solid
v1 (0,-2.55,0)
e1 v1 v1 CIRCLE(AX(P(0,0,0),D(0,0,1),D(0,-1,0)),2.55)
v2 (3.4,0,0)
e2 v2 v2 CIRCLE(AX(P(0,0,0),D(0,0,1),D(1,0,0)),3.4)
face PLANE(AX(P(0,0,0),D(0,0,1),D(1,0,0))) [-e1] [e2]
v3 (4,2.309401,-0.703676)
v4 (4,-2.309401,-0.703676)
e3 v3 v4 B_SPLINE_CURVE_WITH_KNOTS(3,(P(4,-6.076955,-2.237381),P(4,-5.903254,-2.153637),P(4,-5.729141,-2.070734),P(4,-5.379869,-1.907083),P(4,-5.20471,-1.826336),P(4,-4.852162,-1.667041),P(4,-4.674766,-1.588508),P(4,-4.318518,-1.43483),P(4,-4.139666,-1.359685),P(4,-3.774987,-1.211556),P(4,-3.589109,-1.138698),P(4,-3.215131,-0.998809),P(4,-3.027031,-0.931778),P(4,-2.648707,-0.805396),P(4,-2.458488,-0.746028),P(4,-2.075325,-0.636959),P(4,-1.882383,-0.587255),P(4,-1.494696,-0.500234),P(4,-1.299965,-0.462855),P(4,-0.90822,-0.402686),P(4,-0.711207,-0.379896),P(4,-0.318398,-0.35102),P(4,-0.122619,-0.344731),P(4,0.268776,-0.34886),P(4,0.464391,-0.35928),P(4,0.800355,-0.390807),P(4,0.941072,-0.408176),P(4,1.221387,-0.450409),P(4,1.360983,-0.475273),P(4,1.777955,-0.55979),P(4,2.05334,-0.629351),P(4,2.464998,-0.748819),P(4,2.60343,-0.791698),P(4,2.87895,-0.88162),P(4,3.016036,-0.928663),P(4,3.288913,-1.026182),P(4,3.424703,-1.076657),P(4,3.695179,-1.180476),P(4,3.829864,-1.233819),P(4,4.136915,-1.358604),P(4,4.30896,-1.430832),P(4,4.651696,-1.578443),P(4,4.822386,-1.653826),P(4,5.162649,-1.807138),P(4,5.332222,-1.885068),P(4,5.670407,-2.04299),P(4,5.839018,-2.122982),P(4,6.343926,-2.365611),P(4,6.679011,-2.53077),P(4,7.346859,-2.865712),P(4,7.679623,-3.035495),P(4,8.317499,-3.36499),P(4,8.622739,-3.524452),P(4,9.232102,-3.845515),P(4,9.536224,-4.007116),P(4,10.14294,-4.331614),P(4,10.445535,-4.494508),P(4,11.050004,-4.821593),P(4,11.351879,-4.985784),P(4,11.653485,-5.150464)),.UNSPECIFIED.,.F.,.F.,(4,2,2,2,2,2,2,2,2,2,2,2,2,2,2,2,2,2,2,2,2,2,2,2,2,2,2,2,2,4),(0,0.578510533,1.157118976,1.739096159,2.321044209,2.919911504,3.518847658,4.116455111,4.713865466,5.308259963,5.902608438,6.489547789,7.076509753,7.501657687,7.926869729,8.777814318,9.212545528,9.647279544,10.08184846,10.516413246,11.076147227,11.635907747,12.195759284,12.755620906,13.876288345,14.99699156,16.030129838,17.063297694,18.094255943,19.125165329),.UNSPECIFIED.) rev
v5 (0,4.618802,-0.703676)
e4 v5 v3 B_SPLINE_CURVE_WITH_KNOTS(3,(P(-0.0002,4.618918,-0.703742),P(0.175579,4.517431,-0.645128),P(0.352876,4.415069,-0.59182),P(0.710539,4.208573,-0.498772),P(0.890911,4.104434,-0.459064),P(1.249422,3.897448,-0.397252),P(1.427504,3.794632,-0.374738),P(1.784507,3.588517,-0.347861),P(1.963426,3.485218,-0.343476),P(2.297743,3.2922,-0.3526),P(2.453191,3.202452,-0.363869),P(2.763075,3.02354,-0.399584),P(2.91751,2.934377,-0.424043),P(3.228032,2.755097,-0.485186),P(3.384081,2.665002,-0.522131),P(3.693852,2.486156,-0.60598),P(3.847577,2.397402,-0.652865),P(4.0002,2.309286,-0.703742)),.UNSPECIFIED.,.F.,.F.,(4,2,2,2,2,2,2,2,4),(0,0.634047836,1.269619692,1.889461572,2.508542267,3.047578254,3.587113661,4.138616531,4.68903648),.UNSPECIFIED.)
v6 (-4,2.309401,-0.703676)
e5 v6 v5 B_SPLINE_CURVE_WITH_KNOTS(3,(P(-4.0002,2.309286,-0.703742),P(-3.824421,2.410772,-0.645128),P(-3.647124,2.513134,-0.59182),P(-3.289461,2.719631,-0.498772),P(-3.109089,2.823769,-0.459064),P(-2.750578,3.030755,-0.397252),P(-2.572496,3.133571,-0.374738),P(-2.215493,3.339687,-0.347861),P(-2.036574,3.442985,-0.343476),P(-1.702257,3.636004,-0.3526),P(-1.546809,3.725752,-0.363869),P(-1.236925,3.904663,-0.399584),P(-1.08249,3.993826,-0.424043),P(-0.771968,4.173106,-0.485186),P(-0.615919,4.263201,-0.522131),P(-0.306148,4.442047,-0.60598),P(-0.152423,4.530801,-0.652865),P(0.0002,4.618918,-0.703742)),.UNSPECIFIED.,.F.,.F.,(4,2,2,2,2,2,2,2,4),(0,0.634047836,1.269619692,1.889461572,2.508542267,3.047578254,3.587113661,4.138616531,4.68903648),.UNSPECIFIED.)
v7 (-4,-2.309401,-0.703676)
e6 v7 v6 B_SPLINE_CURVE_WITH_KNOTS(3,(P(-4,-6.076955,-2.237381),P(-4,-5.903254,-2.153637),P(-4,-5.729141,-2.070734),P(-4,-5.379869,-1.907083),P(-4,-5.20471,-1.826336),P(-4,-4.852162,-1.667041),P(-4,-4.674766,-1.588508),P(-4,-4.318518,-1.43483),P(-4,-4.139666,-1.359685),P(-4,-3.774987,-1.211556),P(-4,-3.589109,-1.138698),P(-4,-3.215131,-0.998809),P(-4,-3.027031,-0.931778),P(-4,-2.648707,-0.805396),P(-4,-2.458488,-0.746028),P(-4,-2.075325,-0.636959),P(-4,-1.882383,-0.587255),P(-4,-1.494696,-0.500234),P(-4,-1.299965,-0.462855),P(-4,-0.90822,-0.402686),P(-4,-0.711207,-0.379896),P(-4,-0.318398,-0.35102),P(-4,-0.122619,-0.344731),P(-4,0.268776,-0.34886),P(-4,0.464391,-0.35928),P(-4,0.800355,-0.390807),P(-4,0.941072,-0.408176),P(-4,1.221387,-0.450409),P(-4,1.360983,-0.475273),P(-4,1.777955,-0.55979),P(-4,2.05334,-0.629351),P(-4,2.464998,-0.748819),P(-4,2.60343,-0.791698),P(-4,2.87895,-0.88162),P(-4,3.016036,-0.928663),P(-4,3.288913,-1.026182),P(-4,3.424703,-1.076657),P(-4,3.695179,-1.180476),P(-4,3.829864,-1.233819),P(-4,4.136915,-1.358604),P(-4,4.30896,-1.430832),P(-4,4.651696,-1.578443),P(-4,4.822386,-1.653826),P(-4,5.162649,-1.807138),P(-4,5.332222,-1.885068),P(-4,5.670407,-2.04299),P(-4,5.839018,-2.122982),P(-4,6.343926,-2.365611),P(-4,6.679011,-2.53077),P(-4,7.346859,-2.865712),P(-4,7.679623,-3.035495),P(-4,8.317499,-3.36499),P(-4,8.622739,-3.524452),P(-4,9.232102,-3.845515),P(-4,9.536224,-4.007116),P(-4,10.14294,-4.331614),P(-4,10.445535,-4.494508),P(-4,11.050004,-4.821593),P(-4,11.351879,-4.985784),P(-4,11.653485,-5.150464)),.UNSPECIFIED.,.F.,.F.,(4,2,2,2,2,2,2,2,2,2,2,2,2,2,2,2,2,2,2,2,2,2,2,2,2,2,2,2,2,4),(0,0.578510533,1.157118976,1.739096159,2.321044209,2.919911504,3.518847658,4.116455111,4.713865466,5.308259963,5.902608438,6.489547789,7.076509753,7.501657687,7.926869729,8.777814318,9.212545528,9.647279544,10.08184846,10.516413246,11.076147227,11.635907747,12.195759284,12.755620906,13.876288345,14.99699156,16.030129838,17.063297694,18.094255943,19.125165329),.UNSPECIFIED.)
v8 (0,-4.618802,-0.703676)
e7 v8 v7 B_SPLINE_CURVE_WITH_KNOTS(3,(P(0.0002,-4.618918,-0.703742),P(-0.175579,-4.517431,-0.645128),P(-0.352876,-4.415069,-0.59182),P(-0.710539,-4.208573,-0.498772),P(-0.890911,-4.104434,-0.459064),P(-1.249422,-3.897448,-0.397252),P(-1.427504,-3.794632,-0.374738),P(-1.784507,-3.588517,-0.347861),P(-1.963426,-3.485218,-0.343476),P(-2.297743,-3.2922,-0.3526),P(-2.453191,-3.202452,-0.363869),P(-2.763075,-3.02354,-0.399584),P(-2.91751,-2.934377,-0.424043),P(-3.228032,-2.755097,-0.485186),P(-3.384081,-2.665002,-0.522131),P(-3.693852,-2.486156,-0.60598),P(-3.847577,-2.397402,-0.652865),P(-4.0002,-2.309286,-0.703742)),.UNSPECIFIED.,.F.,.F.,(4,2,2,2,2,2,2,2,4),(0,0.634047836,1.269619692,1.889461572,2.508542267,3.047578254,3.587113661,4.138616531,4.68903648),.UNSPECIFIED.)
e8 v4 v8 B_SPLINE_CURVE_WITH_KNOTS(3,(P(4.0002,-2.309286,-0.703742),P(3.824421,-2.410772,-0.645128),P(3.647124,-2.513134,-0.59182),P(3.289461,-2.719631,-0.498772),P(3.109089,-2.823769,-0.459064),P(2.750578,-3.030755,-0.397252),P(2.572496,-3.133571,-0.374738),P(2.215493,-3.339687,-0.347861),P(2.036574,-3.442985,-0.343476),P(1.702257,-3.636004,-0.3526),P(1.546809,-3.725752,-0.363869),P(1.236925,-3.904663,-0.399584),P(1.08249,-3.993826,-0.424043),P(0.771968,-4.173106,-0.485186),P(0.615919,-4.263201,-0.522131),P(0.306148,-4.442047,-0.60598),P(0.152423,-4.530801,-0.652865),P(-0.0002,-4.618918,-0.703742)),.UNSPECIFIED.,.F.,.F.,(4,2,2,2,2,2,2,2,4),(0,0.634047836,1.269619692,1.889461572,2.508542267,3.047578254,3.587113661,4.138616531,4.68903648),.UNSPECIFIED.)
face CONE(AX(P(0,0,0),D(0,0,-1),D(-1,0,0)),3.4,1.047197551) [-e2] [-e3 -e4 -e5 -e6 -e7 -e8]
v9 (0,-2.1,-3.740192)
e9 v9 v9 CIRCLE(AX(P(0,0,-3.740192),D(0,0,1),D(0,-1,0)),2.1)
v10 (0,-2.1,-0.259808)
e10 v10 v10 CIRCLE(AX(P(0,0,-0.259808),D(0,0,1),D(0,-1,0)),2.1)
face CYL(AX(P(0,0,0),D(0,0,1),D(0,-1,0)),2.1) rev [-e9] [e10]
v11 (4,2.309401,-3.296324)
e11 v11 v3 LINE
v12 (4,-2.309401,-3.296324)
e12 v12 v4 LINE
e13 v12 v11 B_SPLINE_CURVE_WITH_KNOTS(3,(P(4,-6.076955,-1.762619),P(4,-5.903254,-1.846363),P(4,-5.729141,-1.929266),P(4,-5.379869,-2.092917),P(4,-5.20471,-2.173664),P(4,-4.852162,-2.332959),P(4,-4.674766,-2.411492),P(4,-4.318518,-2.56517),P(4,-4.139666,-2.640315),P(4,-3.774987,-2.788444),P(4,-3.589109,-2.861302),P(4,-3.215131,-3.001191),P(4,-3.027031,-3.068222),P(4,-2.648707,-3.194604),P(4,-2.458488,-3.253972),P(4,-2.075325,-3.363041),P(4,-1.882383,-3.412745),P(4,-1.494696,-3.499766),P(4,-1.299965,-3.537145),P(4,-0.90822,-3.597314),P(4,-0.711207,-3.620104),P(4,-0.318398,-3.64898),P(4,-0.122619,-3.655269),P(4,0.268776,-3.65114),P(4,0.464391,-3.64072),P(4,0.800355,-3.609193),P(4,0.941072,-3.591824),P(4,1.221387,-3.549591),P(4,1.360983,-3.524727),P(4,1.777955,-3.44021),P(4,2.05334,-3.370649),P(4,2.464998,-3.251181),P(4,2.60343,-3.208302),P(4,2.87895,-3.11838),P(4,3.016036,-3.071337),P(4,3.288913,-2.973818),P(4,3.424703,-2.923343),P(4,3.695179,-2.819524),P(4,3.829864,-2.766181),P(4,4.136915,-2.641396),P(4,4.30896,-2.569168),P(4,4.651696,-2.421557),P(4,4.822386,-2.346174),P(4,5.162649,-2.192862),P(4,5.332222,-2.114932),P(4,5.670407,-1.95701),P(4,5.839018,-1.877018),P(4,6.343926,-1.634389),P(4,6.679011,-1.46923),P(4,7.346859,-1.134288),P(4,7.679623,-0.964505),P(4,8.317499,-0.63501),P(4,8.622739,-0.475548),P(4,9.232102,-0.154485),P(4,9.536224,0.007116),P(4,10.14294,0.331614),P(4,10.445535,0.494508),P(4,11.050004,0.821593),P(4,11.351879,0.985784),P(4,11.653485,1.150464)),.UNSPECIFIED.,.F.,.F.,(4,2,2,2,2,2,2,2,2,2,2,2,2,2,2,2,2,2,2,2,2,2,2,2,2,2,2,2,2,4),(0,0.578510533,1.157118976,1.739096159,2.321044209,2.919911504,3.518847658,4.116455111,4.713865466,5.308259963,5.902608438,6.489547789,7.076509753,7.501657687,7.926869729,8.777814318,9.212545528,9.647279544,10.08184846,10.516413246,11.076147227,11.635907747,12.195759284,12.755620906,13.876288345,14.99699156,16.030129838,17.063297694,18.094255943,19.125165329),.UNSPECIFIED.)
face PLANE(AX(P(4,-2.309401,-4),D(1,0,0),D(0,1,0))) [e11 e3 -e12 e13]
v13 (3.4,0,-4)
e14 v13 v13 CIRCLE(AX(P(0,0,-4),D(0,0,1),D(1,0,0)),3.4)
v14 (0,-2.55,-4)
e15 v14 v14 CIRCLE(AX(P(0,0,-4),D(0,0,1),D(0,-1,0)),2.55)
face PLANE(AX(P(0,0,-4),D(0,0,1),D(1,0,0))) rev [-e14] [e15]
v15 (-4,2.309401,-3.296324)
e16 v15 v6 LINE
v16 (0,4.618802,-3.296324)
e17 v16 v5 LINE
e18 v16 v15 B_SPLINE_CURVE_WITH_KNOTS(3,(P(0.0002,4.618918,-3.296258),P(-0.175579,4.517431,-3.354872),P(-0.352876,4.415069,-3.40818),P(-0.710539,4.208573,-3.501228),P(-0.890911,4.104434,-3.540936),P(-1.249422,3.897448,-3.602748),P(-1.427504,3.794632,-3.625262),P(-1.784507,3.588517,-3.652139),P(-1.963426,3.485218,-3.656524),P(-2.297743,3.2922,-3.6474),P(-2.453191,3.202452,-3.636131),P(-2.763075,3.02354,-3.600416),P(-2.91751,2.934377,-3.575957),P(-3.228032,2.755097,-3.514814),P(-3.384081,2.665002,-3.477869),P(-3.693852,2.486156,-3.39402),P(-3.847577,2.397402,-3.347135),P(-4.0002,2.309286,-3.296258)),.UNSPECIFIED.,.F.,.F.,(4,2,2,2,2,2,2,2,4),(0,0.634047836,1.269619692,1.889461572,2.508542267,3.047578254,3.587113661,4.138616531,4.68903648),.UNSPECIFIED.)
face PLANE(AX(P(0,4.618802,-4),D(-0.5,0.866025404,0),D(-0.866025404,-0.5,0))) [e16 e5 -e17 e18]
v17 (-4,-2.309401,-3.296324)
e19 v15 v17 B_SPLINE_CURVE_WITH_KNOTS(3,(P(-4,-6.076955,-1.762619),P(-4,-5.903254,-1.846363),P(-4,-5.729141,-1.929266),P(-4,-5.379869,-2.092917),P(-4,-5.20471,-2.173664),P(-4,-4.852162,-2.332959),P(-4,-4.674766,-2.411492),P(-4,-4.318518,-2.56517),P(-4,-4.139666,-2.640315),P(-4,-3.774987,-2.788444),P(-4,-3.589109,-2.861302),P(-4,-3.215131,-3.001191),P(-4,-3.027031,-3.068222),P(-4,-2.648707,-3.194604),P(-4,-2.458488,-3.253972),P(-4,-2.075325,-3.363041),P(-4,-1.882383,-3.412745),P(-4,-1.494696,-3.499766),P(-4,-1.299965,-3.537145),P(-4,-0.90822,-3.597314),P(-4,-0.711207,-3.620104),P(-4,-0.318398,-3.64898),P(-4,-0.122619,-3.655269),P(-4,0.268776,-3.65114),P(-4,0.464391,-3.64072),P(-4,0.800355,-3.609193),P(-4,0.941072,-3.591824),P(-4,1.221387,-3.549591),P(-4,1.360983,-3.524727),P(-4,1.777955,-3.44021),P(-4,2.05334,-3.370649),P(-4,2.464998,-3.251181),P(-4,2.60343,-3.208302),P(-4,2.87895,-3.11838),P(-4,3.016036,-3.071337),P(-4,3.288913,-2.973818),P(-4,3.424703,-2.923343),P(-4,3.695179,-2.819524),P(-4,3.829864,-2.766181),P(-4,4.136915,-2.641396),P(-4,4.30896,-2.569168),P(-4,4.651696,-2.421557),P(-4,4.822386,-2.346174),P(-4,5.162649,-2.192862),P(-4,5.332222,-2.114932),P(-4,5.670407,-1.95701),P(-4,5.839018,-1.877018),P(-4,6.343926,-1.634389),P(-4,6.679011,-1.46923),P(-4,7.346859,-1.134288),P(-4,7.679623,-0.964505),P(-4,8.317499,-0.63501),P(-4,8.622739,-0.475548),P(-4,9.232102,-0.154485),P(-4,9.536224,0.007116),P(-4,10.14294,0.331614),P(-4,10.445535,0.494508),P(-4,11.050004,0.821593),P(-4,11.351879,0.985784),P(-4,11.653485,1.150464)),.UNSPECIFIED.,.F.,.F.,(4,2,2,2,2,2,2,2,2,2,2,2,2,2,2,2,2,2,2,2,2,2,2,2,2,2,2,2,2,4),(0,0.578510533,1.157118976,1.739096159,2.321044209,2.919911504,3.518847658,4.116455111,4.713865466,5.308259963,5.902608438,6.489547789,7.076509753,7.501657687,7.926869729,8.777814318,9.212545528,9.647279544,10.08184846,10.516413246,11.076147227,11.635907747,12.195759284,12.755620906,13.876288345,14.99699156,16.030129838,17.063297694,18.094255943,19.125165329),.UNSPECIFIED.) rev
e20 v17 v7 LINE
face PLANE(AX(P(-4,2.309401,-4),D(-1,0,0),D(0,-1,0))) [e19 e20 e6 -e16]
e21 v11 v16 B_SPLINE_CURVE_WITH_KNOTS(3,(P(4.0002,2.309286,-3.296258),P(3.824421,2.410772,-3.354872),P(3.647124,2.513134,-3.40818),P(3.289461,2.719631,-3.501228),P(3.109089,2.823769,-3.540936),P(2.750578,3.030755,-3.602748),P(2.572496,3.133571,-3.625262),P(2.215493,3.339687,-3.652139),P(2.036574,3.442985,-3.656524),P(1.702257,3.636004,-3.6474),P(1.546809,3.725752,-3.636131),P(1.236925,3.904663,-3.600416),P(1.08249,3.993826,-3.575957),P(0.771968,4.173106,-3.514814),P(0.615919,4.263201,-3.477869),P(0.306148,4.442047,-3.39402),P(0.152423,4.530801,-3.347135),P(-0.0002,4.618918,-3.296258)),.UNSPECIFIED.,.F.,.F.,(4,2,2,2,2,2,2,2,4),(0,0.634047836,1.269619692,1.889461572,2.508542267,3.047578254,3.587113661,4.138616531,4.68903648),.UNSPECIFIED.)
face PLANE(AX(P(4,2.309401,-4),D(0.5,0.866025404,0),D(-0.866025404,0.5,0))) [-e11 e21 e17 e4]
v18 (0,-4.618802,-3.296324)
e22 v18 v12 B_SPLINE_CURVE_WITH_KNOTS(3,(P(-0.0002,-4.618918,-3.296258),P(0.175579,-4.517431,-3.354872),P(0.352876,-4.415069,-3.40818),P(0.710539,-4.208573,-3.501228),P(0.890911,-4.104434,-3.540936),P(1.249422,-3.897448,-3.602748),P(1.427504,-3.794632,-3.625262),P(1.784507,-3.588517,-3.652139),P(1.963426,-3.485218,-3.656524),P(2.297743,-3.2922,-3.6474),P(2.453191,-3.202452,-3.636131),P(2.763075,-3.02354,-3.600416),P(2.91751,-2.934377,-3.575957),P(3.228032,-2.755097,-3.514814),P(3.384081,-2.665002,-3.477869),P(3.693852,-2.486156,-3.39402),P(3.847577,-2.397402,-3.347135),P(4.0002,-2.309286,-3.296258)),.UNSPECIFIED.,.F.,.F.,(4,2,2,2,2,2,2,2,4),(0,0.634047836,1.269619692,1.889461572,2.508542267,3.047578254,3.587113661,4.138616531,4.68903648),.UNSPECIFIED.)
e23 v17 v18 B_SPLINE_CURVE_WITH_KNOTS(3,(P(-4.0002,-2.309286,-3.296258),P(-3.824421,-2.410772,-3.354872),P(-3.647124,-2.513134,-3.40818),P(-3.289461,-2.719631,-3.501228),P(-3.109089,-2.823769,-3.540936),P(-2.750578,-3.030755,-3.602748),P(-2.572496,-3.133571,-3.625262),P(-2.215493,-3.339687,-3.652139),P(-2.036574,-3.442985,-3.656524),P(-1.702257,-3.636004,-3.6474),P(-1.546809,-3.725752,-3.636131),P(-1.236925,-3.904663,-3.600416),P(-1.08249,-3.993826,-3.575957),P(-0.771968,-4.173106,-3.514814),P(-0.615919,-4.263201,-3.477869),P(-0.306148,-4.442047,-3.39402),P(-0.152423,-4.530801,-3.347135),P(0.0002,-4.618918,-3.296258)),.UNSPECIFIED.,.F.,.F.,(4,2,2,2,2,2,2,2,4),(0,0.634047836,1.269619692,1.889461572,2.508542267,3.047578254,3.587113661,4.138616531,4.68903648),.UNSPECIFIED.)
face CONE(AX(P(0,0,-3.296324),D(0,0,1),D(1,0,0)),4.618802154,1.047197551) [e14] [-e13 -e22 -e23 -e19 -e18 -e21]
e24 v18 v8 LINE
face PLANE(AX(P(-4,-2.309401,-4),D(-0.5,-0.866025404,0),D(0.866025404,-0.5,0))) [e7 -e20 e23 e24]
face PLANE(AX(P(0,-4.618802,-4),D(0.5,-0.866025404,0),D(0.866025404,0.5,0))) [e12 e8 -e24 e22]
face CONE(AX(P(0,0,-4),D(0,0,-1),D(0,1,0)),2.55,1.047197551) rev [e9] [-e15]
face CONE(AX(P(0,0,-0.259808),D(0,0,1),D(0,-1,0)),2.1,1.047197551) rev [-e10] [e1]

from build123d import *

# Parameters (mm, degrees)
BOSS_EXTRUDE1_DEPTH = 4


with BuildPart() as part:
    # Sketch1 → Boss-Extrude1 (new body)
    with BuildSketch(Plane.XY):
        Polygon((0, 4.618802154), (-4, 2.309401077), (-4, -2.309401077), (0, -4.618802154), (4, -2.309401077), (4, 2.309401077), align=None)
    extrude(amount=-BOSS_EXTRUDE1_DEPTH)

    # Sketch4 → Cut-Revolve1 (revolve, cut)
    with BuildSketch(Plane(origin=(0, 0, 0), x_dir=(0, 0, -1), z_dir=(1, 0, 0)), mode=Mode.PRIVATE) as cut_revolve1_sk:
        Polygon((4, 4.618802154), (3.296324249, 4.618802154), (4, 3.4), align=None)
        Polygon((0, 4.618802154), (0.703675751, 4.618802154), (0, 3.4), align=None)
    revolve(cut_revolve1_sk.sketch.rotate(Axis((0, 0, 0), (0, 0, -1)), 299.999999945), axis=Axis((0, 0, 0), (0, 0, -1)), mode=Mode.SUBTRACT)

    # Sketch5 → Cut-Revolve2 (revolve, cut)
    with BuildSketch(Plane(origin=(0, 0, 0), x_dir=(0, 0, -1), z_dir=(1, 0, 0)), mode=Mode.PRIVATE) as cut_revolve2_sk:
        Polygon((0, 0), (0, 2.55), (0.259807621, 2.1), (3.740192379, 2.1), (4, 2.55), (4, 0), align=None)
    revolve(cut_revolve2_sk.sketch.rotate(Axis((0, 0, 0), (0, 0, -1)), 180), axis=Axis((0, 0, 0), (0, 0, -1)), mode=Mode.SUBTRACT)


solid = part.part
